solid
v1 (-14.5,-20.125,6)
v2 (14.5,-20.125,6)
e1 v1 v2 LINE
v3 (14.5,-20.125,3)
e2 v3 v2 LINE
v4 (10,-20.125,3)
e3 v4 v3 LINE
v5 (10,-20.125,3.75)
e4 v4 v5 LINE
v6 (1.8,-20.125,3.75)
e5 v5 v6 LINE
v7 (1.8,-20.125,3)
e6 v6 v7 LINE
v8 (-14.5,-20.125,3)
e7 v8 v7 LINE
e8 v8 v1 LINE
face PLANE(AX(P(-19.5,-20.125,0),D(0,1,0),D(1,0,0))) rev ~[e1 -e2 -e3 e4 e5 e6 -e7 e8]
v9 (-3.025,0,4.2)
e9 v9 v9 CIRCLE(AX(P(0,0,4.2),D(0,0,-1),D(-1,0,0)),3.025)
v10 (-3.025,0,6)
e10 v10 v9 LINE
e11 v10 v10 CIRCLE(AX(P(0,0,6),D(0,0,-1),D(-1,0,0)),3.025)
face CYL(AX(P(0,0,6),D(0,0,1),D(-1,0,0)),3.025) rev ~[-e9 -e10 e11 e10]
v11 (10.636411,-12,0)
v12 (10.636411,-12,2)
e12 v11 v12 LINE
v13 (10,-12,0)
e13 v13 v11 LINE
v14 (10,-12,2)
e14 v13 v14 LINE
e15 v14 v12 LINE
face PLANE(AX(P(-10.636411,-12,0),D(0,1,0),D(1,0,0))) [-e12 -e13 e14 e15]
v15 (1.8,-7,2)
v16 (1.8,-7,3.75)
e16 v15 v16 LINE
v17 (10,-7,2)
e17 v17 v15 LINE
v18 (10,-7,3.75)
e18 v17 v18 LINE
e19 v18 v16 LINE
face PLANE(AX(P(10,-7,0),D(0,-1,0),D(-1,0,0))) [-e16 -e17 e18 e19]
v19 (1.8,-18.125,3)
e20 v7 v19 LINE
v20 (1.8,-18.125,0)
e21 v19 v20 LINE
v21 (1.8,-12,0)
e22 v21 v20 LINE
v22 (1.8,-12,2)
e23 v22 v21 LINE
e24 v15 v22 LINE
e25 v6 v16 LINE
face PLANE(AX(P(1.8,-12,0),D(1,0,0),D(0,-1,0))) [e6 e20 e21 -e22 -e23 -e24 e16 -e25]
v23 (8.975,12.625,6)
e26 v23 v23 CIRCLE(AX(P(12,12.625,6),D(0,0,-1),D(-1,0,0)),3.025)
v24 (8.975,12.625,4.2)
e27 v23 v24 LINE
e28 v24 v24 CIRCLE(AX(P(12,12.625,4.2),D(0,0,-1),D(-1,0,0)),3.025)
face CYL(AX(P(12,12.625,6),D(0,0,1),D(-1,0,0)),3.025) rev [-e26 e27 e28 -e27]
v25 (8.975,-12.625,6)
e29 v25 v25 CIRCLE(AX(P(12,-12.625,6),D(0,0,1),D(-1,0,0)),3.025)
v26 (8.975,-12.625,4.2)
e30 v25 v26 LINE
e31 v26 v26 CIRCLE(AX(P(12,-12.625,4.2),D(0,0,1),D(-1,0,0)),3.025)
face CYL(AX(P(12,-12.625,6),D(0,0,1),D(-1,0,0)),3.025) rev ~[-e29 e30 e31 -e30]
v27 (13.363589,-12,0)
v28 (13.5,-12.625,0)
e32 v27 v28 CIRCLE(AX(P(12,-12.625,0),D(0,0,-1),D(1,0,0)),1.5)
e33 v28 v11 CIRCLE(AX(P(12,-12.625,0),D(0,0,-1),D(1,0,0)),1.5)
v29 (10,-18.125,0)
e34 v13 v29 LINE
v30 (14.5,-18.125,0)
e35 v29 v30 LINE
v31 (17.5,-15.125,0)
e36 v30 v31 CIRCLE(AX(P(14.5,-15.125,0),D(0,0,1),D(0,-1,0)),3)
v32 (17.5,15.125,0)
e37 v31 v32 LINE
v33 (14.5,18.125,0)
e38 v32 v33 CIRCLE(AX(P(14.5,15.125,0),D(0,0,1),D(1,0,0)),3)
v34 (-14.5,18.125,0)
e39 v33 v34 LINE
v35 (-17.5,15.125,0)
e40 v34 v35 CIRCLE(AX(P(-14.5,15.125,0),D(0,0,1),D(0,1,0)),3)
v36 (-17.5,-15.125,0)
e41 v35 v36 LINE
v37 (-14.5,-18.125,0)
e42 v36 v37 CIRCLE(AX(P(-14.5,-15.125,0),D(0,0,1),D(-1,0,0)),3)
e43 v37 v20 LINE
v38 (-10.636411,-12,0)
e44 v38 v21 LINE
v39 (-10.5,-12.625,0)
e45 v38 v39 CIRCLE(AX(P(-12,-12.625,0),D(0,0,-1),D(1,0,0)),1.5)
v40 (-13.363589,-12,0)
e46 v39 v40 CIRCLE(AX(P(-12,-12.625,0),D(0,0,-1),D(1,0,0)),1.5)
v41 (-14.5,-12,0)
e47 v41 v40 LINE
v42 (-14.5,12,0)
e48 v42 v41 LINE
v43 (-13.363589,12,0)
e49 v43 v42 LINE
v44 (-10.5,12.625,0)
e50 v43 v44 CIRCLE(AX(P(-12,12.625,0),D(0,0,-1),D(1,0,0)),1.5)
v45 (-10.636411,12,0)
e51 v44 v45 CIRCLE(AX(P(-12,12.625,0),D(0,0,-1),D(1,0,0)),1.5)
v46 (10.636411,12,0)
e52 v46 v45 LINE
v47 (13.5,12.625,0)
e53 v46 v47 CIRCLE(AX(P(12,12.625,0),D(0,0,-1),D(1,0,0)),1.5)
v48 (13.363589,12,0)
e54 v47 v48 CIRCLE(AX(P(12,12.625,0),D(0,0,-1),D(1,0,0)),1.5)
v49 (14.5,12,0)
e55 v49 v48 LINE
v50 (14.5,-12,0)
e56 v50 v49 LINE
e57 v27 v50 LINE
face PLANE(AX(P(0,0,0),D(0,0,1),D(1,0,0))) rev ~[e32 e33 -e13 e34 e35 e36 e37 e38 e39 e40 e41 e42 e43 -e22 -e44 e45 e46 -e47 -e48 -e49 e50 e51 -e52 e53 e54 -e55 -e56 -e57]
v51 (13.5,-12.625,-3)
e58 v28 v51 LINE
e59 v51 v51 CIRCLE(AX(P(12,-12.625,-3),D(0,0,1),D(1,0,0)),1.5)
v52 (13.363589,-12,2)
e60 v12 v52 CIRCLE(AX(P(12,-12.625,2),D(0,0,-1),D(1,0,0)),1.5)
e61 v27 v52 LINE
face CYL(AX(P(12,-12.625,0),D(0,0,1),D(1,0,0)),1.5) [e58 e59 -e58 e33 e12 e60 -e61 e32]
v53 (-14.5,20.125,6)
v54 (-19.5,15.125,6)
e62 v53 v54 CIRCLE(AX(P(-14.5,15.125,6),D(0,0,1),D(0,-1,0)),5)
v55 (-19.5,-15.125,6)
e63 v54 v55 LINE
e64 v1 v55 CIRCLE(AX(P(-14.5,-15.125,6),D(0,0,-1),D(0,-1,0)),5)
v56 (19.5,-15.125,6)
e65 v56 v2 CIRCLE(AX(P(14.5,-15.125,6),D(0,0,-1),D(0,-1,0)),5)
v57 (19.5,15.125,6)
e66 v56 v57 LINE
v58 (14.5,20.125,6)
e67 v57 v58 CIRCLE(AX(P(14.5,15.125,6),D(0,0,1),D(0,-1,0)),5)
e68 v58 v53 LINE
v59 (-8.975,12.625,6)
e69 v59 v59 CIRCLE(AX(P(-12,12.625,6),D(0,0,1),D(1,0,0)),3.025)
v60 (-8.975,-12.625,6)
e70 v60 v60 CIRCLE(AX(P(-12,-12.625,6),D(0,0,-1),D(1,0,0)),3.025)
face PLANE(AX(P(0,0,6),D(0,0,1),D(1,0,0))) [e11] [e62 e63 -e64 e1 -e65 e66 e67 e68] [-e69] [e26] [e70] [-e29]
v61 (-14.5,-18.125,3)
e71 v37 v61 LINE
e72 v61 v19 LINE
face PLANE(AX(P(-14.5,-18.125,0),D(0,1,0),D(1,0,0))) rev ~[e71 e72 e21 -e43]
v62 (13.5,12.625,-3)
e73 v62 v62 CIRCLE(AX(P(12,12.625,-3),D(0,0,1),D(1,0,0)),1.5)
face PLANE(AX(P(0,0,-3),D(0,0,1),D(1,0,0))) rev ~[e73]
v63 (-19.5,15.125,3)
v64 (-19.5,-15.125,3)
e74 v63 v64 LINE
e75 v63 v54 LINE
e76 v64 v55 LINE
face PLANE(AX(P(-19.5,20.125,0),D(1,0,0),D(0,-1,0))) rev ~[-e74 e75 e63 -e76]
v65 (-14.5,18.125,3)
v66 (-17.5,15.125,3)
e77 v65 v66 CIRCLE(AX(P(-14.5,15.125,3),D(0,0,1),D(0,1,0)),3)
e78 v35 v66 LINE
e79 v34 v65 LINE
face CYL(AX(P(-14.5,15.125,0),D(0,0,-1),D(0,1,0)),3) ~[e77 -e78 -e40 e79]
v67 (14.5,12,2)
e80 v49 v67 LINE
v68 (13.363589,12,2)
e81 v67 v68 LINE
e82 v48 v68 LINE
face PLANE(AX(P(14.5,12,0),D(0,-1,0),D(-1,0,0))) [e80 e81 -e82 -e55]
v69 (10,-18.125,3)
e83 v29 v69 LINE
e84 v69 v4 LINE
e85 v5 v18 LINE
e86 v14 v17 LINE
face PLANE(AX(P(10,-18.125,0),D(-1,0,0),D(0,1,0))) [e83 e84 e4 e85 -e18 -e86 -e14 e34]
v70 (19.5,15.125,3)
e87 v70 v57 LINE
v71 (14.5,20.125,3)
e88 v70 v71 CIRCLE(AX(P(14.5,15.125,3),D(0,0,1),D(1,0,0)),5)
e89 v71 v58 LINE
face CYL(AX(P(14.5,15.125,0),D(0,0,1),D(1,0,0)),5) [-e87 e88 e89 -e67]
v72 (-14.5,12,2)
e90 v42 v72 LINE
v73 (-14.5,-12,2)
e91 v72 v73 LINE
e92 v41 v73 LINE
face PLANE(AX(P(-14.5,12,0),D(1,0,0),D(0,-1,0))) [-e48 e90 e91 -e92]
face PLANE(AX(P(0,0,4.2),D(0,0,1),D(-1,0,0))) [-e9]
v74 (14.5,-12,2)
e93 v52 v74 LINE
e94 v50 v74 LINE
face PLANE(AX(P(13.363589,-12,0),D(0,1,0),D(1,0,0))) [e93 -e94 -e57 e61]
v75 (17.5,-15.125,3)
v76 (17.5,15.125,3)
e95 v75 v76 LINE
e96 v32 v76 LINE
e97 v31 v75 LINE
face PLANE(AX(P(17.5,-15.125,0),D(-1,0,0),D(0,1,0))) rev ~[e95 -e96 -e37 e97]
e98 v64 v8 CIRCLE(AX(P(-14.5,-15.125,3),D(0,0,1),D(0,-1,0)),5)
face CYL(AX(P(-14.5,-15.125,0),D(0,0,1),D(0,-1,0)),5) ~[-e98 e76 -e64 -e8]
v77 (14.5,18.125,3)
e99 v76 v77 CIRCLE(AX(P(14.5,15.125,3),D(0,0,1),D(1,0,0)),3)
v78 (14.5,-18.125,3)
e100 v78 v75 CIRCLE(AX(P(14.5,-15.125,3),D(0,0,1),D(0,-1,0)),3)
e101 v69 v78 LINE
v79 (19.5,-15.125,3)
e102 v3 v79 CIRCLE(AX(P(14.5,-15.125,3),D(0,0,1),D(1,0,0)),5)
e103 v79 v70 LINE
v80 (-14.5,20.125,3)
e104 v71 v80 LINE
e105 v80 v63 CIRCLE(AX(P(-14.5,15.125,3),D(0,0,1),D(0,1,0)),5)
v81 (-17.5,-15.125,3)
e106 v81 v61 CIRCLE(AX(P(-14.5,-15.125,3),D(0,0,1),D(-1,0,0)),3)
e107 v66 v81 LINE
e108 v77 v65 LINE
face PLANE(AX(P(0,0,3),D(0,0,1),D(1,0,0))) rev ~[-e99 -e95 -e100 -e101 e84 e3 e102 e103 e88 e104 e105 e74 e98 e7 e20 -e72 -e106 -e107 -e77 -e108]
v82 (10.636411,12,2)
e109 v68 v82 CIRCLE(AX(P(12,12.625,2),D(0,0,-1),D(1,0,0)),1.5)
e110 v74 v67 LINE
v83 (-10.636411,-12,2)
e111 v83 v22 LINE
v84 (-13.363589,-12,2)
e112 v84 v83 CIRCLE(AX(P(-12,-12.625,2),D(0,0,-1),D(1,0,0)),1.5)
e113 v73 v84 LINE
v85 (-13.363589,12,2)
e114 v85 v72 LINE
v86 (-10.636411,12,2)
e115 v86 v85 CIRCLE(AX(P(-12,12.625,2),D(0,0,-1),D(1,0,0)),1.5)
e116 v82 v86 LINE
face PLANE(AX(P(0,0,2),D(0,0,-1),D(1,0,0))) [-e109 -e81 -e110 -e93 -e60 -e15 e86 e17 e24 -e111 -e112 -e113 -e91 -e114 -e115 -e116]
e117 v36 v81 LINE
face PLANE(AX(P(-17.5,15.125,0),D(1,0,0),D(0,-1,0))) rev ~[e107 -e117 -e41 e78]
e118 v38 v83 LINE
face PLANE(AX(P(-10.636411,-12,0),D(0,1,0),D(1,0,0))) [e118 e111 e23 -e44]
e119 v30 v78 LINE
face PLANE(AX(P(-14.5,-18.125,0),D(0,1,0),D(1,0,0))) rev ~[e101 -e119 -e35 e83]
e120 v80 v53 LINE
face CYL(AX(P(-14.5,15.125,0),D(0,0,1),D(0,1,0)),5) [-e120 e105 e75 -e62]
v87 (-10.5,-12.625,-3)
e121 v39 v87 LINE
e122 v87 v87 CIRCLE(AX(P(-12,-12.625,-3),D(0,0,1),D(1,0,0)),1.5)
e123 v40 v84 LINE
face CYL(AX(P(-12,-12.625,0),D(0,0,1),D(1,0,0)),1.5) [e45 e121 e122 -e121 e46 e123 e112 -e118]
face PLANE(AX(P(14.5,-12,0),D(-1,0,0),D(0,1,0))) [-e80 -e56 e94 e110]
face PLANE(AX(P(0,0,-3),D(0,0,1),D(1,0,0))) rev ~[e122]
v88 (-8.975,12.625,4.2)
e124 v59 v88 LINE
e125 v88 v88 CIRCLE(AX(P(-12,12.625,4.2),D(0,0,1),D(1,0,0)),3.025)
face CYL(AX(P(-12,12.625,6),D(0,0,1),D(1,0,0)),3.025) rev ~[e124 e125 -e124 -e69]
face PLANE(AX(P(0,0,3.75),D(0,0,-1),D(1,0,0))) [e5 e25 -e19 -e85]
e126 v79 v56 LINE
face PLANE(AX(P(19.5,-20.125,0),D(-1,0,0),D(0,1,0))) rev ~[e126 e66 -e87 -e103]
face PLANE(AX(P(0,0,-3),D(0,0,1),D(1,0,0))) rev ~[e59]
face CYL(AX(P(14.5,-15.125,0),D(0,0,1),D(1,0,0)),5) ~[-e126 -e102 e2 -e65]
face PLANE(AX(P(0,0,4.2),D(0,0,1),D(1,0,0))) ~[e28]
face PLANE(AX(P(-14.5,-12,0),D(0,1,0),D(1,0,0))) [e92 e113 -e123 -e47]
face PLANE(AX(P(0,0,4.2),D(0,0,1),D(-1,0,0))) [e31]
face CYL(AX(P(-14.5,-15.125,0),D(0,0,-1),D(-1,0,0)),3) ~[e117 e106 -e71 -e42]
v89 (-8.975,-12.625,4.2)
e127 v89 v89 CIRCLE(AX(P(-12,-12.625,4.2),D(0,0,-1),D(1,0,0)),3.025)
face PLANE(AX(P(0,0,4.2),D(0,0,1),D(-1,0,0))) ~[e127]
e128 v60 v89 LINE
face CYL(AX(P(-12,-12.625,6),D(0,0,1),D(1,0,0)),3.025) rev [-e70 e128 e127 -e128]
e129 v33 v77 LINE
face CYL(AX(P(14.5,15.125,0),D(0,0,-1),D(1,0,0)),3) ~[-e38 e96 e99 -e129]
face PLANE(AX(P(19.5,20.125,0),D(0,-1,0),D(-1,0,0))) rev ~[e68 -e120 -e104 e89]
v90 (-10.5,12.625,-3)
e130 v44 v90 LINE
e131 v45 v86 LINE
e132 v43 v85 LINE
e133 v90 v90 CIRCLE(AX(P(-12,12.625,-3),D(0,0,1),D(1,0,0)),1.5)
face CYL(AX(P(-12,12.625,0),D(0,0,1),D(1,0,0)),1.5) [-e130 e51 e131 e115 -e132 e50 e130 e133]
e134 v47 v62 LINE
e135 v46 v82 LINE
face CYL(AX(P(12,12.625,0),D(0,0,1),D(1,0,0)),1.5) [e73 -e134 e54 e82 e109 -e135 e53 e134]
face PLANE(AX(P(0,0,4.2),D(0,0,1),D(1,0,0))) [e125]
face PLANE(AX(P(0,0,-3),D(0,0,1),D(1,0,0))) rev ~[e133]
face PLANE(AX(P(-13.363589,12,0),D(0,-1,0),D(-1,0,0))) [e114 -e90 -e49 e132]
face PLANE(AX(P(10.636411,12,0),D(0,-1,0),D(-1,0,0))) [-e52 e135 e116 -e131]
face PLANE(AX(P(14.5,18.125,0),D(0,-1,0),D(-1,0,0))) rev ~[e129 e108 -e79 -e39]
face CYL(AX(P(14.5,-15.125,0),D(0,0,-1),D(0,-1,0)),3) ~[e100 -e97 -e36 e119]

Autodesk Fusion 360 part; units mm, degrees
sketch "Outline camera" plane through (0, 0, 0) normal (0, 0, 1) x (1, 0, 0)
  line L0 (-6.5, 6.5) -> (-2.5981, 6.5)
  line L1 (2.5981, 6.5) -> (6.5, 6.5)
  arc A0 (6.7082, 2) -> (6.5, 2.5981) centre (0, 0) ccw
  arc A1 (2.5981, 6.5) -> (-2.5981, 6.5) centre (0, 0) ccw
  line L2 (6.7082, 2) -> (9, 2)
  line L3 (6.5, 6.5) -> (6.5, 2.5981)
  line L4 (6.5, -2.5981) -> (6.5, -6.5)
  arc A2 (9, -2) -> (9, 2) centre (9, 0) ccw
  line L5 (9, -2) -> (6.7082, -2)
  arc A3 (6.5, -2.5981) -> (6.7082, -2) centre (0, 0) ccw
  line L6 (6.5, -6.5) -> (2.5981, -6.5)
  line L7 (-2.5981, -6.5) -> (-6.5, -6.5)
  line L8 (-9, 2) -> (-6.7082, 2)
  line L9 (-6.7082, -2) -> (-9, -2)
  line L10 (-6.5, -6.5) -> (-6.5, -2.5981)
  line L11 (-6.5, 2.5981) -> (-6.5, 6.5)
  arc A4 (-9, 2) -> (-9, -2) centre (-9, 0) ccw
  arc A5 (-6.5, 2.5981) -> (-6.7082, 2) centre (0, 0) ccw
  arc A6 (-6.7082, -2) -> (-6.5, -2.5981) centre (0, 0) ccw
  arc A7 (-2.5981, -6.5) -> (2.5981, -6.5) centre (0, 0) ccw
  arc A8 (2.6926, 7) -> (-2.6926, 7) centre (0, 0) ccw
  line L12 (-7, 7) -> (-2.6926, 7)
  line L13 (-7, 2.6926) -> (-7, 7)
  arc A9 (-7, 2.6926) -> (-7.0711, 2.5) centre (0, 0) ccw
  line L14 (-9, 2.5) -> (-7.0711, 2.5)
  arc A10 (-9, 2.5) -> (-9, -2.5) centre (-9, 0) ccw
  line L15 (-7.0711, -2.5) -> (-9, -2.5)
  arc A11 (-7.0711, -2.5) -> (-7, -2.6926) centre (0, 0) ccw
  line L16 (-7, -7) -> (-7, -2.6926)
  line L17 (-2.6926, -7) -> (-7, -7)
  arc A12 (-2.6926, -7) -> (2.6926, -7) centre (0, 0) ccw
  line L18 (7, -7) -> (2.6926, -7)
  line L19 (7, -2.6926) -> (7, -7)
  arc A13 (7, -2.6926) -> (7.0711, -2.5) centre (0, 0) ccw
  line L20 (9, -2.5) -> (7.0711, -2.5)
  arc A14 (9, -2.5) -> (9, 2.5) centre (9, 0) ccw
  line L21 (7.0711, 2.5) -> (9, 2.5)
  arc A15 (7.0711, 2.5) -> (7, 2.6926) centre (0, 0) ccw
  line L22 (7, 7) -> (7, 2.6926)
  line L23 (2.6926, 7) -> (7, 7)
  dimension "d3" = 13
  dimension "d4" = 13
  dimension "d5" = 14
  dimension "d6" = 4
  dimension "d7" = 4
  dimension "d8" = 2
  dimension "d9" = 2
  dimension "d11" = 9
  dimension "d12" = 9
  dimension "d18" = -0.5
sketch "Box size" plane through (0, 0, 0) normal (0, 0, 1) x (1, 0, 0)
  line L0 (19.5, 20.125) -> (-19.5, 20.125)
  line L1 (-19.5, 20.125) -> (-19.5, -20.125)
  line L2 (-19.5, -20.125) -> (19.5, -20.125)
  line L3 (19.5, -20.125) -> (19.5, 20.125)
  line L4 (19.5, 20.125) -> (-19.5, -20.125) construction
  line L5 (-19.5, 20.125) -> (19.5, -20.125) construction
  line L6 (-14.5, -18.125) -> (14.5, -18.125)
  line L7 (17.5, -15.125) -> (17.5, 15.125)
  line L8 (14.5, 18.125) -> (-14.5, 18.125)
  line L9 (-17.5, 15.125) -> (-17.5, -15.125)
  arc A0 (17.5, 15.125) -> (14.5, 18.125) centre (14.5, 15.125) ccw
  arc A1 (-14.5, 18.125) -> (-17.5, 15.125) centre (-14.5, 15.125) ccw
  arc A2 (14.5, -18.125) -> (17.5, -15.125) centre (14.5, -15.125) ccw
  arc A3 (-17.5, -15.125) -> (-14.5, -18.125) centre (-14.5, -15.125) ccw
  dimension "d13" = 39
  dimension "d14" = 40.25
  dimension "d47" = 3
sketch "LEDs" plane through (0, 0, 0) normal (0, 0, 1) x (1, 0, 0)
  circle A0 centre (-12.5, 6) radius 2.4
  line L0 (0, 2.5) -> (0, 20)
  circle A1 centre (12.5, 6) radius 2.4
  line L1 (20, 0) -> (2.5, 0)
  circle A2 centre (-12.5, -6) radius 2.4
  circle A3 centre (12.5, -6) radius 2.4
  dimension "d15" = 4.8
  dimension "d16" = 12.5
  dimension "d17" = 6
extrude "Extrude1" add sketch "Box size" along normal blind 6 contours L0 L1 L2 L3 | L6 L7 L8 L9 A0 A1 A2 A3
sketch "Pins" plane through (0, 0, 0) normal (0, 0, 1) x (1, 0, 0)
  line L0 (12, 12.625) -> (-12, 12.625)
  line L1 (-12, 12.625) -> (-12, -12.625)
  line L2 (-12, -12.625) -> (12, -12.625)
  line L3 (12, -12.625) -> (12, 12.625)
  line L4 (12, 12.625) -> (-12, -12.625) construction
  line L5 (-12, 12.625) -> (12, -12.625) construction
  circle A0 centre (-12, -12.625) radius 1.5
  circle A1 centre (12, -12.625) radius 1.5
  circle A2 centre (12, 12.625) radius 1.5
  circle A3 centre (-12, 12.625) radius 1.5
  dimension "d35" = 24
  dimension "d36" = 25.25
  dimension "d37" = 3
extrude "Extrude4" add sketch "Pins" against normal blind 3 contours L0 L1 A3 | L0 L1 A3 | L0 L3 A2 | L0 L3 A2 | L1 L2 A0 | L1 L2 A0 | L2 L3 A1 | L2 L3 A1
fillet "Fillet2" radius 5 4 edges at (-19.5, 20.125, 3) (-19.5, -20.125, 3) (19.5, -20.125, 3) (19.5, 20.125, 3)
extrude "Extrude6" cut sketch "Box size" along normal blind 3
sketch "Sketch15" plane through (0, 0, 0) normal (0, 0, -1) x (1, 0, 0)
  circle A0 centre (-12, -12.625) radius 1.5
  circle A1 centre (-12, 12.625) radius 1.5
  circle A2 centre (12, -12.625) radius 1.5
  circle A3 centre (12, 12.625) radius 1.5
  arc A4 (-14.5, 18.125) -> (-17.5, 15.125) centre (-14.5, 15.125) ccw
  line L0 (-17.5, 15.125) -> (-17.5, -15.125)
  arc A5 (-17.5, -15.125) -> (-14.5, -18.125) centre (-14.5, -15.125) ccw
  line L1 (-14.5, -18.125) -> (14.5, -18.125)
  arc A6 (14.5, -18.125) -> (17.5, -15.125) centre (14.5, -15.125) ccw
  line L2 (17.5, -15.125) -> (17.5, 15.125)
  arc A7 (17.5, 15.125) -> (14.5, 18.125) centre (14.5, 15.125) ccw
  line L3 (14.5, 18.125) -> (-14.5, 18.125)
  line L4 (-14.5, 12) -> (14.5, 12)
  line L5 (14.5, 12) -> (14.5, -12)
  line L6 (14.5, -12) -> (-14.5, -12)
  line L7 (-14.5, -12) -> (-14.5, 12)
  line L8 (-14.5, 12) -> (14.5, -12) construction
  line L9 (14.5, 12) -> (-14.5, -12) construction
  dimension "d55" = 29
  dimension "d56" = 24
extrude "Extrude11" cut sketch "Sketch15" against normal blind 2 contours A0 A1 A2 A3 L4 L5 L6 L7
sketch "cable" plane through (0, 0, 0) normal (0, 0, -1) x (1, 0, 0)
  line L0 (-14.5, -12) -> (-13.3636, -12)
  arc A0 (-10.6364, -12) -> (-13.3636, -12) centre (-12, -12.625) ccw
  line L1 (-10.6364, -12) -> (10.6364, -12)
  arc A1 (13.3636, -12) -> (10.6364, -12) centre (12, -12.625) ccw
  line L2 (13.3636, -12) -> (14.5, -12)
  line L3 (14.5, -12) -> (14.5, 12)
  line L4 (14.5, 12) -> (13.3636, 12)
  arc A2 (10.6364, 12) -> (13.3636, 12) centre (12, 12.625) ccw
  line L5 (10.6364, 12) -> (-10.6364, 12)
  arc A3 (-13.3636, 12) -> (-10.6364, 12) centre (-12, 12.625) ccw
  line L6 (-13.3636, 12) -> (-14.5, 12)
  line L7 (-14.5, 12) -> (-14.5, -12)
  line L8 (10, 7) -> (1.8, 7)
  line L9 (1.8, 7) -> (1.8, 27)
  line L10 (1.8, 27) -> (10, 27)
  line L11 (10, 27) -> (10, 7)
  line L12 (14.5, 18.125) -> (-14.5, 18.125)
  arc A4 (-14.5, 18.125) -> (-17.5, 15.125) centre (-14.5, 15.125) ccw
  line L13 (-17.5, 15.125) -> (-17.5, -15.125)
  arc A5 (-17.5, -15.125) -> (-14.5, -18.125) centre (-14.5, -15.125) ccw
  line L14 (-14.5, -18.125) -> (14.5, -18.125)
  arc A6 (14.5, -18.125) -> (17.5, -15.125) centre (14.5, -15.125) ccw
  line L15 (17.5, -15.125) -> (17.5, 15.125)
  arc A7 (17.5, 15.125) -> (14.5, 18.125) centre (14.5, 15.125) ccw
  line L16 (13.3636, 12) -> (14.5, 12)
  line L17 (14.5, 12) -> (14.5, -12)
  line L18 (14.5, -12) -> (13.3636, -12)
  arc A8 (10.6364, -12) -> (13.3636, -12) centre (12, -12.625) ccw
  line L19 (10.6364, -12) -> (-10.6364, -12)
  arc A9 (-13.3636, -12) -> (-10.6364, -12) centre (-12, -12.625) ccw
  line L20 (-13.3636, -12) -> (-14.5, -12)
  line L21 (-14.5, -12) -> (-14.5, 12)
  line L22 (-14.5, 12) -> (-13.3636, 12)
  arc A10 (-10.6364, 12) -> (-13.3636, 12) centre (-12, 12.625) ccw
  line L23 (-10.6364, 12) -> (10.6364, 12)
  arc A11 (13.3636, 12) -> (10.6364, 12) centre (12, 12.625) ccw
  dimension "d67" = 8.2
  dimension "d68" = 2
  dimension "d69" = 20
extrude "Extrude12" cut sketch "cable" against normal blind 3.75 contours L5 L9 L11 L12 L23 | L5 L8 L9 L11 L23 | L9 L10 L11 L12
sketch "Sketch17" plane through (0, 0, 6) normal (0, 0, 1) x (-1, 0, 0)
  arc A0 (-19.5, -15.125) -> (-14.5, -20.125) centre (-14.5, -15.125) ccw
  line L0 (-14.5, -20.125) -> (14.5, -20.125)
  arc A1 (14.5, -20.125) -> (19.5, -15.125) centre (14.5, -15.125) ccw
  line L1 (19.5, -15.125) -> (19.5, 15.125)
  arc A2 (19.5, 15.125) -> (14.5, 20.125) centre (14.5, 15.125) ccw
  line L2 (14.5, 20.125) -> (-14.5, 20.125)
  arc A3 (-14.5, 20.125) -> (-19.5, 15.125) centre (-14.5, 15.125) ccw
  line L3 (-19.5, 15.125) -> (-19.5, -15.125)
  circle A4 centre (-12, 12.625) radius 3.025
  circle A5 centre (0, 0) radius 3.025
  dimension "d72" = 6.05
  dimension "d75" = 7.5
  dimension "d76" = 7.5
extrude "Extrude13" cut sketch "Sketch17" against normal blind 1.8 contours A4 | A5
mirror "Mirror1" about plane through (0, 0, 0) normal (0, 1, 0) of "Extrude13"
mirror "Mirror2" about plane through (0, 0, 0) normal (1, 0, 0) of "Extrude13", "Mirror1"
equation "d13 = 34 mm + 5 mm"
equation "d14 = 32 mm + 4 mm - 1 mm + 0.25 mm + 5 mm"
equation "d36 = 22 mm + 4 mm - 1 mm + 0.25 mm"
